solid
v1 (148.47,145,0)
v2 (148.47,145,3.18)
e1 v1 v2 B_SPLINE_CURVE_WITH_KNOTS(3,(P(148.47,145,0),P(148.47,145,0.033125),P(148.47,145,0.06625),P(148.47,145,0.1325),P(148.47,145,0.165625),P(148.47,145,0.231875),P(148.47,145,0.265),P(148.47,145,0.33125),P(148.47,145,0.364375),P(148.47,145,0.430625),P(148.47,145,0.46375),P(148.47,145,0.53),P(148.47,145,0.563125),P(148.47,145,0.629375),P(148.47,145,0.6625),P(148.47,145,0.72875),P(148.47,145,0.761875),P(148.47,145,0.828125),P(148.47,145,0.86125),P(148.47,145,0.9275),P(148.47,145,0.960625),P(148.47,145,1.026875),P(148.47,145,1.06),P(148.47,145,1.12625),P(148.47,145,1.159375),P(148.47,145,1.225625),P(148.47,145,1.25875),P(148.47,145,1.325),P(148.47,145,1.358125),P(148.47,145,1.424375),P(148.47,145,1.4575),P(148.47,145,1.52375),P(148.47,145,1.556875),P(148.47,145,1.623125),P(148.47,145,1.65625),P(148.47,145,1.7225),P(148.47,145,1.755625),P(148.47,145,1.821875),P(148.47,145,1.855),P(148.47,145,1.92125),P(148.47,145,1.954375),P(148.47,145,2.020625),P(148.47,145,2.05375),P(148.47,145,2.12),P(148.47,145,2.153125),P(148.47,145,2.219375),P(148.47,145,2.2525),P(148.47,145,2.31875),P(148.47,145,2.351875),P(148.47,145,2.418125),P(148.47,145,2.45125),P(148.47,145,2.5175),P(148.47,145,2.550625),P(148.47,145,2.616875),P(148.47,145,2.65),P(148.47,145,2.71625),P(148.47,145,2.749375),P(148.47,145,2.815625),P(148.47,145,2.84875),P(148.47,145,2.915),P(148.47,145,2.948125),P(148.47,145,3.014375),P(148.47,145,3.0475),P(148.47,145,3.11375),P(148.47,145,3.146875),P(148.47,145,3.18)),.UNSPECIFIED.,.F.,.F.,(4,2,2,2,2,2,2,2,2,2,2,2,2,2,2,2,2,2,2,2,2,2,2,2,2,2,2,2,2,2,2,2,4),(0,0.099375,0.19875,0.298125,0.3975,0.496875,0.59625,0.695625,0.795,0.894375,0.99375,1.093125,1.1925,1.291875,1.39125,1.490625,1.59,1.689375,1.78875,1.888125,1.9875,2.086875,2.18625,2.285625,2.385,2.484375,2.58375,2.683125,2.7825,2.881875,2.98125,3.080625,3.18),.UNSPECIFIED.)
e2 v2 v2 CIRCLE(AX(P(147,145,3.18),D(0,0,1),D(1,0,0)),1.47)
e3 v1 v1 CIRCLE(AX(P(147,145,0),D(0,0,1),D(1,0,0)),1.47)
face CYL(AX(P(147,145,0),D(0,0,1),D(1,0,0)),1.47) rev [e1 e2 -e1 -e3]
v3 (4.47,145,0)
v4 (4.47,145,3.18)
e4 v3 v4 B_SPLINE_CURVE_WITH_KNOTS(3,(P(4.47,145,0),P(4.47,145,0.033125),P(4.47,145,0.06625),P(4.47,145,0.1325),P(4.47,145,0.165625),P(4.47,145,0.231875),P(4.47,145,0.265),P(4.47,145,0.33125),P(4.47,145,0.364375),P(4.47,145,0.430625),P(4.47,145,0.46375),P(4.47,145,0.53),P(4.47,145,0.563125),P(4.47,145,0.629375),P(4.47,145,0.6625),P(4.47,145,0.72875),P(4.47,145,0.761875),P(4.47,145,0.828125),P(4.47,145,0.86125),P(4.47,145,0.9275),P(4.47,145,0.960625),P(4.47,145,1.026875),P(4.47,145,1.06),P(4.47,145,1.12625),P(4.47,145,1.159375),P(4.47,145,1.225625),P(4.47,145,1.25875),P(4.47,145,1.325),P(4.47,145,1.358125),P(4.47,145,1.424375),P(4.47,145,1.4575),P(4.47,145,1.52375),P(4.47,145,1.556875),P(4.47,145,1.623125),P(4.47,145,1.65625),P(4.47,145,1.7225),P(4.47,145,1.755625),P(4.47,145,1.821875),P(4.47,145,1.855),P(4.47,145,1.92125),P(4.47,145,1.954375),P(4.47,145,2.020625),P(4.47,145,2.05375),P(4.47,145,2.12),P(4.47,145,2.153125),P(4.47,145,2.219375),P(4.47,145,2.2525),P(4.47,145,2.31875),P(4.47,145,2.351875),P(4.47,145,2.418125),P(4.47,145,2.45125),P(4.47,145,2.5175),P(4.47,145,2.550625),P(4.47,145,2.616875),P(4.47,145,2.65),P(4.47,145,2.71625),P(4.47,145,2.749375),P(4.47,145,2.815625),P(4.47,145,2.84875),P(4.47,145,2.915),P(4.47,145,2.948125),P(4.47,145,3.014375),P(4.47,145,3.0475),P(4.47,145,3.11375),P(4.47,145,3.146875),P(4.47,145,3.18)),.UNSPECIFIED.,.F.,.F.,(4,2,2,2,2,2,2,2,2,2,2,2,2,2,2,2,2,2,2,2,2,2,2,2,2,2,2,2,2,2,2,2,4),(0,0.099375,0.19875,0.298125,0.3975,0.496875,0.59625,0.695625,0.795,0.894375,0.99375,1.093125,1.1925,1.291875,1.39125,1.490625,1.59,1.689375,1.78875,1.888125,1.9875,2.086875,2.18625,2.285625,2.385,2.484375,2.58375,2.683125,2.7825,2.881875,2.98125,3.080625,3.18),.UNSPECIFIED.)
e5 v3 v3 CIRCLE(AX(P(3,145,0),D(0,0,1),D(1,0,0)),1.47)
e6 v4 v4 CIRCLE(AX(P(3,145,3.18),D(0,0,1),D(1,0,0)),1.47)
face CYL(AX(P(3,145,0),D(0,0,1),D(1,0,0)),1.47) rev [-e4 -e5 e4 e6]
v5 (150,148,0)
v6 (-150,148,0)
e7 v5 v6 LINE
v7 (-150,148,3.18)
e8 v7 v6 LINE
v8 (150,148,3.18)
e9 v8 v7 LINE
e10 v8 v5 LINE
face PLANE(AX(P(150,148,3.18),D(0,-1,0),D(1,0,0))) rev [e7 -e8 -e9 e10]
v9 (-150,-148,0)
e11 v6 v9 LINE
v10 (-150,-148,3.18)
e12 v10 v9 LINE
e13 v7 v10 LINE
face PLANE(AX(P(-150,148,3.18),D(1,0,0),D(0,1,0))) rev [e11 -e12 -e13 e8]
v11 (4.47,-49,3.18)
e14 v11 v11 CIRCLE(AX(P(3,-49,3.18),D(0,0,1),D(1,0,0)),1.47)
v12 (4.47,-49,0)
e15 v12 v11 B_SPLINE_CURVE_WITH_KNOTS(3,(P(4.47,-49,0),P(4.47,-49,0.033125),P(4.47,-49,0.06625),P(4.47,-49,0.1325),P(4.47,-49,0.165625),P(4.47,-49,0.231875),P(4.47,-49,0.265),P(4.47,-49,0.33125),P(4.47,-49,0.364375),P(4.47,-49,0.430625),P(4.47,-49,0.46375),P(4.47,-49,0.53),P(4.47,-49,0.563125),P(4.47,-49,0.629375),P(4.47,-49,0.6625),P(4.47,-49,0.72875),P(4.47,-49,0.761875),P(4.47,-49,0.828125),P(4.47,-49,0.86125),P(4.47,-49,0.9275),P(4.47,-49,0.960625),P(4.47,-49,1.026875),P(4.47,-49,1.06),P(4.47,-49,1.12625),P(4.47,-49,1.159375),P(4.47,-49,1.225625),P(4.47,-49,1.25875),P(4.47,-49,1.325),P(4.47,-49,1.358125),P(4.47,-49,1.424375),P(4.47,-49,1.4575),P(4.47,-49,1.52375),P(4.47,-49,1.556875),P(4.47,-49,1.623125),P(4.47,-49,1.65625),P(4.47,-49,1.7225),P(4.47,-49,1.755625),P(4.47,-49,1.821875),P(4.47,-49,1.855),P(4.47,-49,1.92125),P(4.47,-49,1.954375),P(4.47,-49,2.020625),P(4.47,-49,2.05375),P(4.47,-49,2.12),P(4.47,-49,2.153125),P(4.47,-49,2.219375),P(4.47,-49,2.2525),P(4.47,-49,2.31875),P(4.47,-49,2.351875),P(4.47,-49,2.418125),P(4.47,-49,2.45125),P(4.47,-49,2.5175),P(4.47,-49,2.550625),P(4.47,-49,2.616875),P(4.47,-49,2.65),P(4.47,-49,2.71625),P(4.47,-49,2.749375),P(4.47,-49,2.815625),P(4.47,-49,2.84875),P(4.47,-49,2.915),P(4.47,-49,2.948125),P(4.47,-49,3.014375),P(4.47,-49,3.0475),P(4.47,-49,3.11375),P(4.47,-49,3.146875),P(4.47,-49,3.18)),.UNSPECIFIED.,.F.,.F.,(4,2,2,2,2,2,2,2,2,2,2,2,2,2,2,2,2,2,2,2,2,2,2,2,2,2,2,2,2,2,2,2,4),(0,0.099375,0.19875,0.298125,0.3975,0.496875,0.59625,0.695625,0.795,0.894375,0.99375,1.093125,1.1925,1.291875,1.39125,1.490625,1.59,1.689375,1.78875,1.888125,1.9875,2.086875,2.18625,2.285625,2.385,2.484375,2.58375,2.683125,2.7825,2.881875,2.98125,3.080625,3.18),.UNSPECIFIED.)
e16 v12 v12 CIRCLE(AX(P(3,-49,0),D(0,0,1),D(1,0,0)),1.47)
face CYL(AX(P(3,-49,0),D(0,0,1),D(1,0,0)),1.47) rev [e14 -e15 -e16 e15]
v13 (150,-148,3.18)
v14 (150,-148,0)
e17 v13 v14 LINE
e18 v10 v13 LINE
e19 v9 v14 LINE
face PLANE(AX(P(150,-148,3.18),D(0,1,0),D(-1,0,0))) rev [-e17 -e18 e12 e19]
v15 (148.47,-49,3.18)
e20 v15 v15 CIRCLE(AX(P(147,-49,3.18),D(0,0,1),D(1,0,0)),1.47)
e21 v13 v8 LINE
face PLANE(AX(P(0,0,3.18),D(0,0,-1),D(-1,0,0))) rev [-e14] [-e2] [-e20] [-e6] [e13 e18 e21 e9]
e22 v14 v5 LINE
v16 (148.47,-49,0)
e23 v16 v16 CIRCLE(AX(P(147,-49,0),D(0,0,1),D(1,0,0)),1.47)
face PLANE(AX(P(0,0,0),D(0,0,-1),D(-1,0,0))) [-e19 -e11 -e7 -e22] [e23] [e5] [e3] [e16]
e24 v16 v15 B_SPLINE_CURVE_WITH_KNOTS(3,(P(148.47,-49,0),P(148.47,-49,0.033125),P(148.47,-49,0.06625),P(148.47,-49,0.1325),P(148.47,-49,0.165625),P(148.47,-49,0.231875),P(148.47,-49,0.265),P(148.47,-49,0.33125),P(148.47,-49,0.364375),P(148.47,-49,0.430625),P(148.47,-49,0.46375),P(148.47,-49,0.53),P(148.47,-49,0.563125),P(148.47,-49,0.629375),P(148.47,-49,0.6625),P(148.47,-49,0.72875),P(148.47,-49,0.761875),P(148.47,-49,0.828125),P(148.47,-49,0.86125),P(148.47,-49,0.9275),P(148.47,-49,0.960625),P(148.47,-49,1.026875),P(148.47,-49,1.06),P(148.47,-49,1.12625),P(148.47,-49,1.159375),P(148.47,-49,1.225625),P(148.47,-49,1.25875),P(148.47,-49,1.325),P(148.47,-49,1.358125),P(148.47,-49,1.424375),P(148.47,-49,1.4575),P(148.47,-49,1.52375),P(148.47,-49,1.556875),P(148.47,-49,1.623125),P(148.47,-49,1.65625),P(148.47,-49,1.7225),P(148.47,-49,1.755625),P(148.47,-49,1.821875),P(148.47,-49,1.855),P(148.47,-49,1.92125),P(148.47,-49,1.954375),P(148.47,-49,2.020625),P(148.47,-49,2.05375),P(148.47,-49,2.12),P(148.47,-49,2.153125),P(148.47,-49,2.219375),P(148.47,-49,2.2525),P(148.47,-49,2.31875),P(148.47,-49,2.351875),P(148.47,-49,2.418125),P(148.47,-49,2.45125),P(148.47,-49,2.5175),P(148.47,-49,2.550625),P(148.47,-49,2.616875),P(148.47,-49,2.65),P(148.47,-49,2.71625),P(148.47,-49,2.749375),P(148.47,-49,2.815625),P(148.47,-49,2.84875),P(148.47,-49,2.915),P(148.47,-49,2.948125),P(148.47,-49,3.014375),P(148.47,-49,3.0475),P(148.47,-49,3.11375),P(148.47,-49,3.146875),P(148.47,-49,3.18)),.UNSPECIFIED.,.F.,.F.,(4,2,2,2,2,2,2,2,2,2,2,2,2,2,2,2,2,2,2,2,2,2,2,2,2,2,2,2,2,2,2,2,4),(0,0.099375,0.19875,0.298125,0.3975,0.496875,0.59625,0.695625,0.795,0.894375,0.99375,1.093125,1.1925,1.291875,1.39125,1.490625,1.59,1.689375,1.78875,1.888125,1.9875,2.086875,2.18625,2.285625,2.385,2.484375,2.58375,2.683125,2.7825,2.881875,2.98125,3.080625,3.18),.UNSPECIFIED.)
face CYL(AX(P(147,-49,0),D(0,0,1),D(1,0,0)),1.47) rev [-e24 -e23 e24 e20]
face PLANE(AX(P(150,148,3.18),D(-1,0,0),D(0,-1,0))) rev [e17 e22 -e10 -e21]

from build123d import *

# Parameters (mm, degrees)
SKETCH1_W           = 300
SKETCH1_H           = 296
BOSS_EXTRUDE1_DEPTH = 3.18
SKETCH2_R           = 1.47
CUT_EXTRUDE1_DEPTH  = 3.18


with BuildPart() as part:
    # Sketch1 → Boss-Extrude1 (new body)
    with BuildSketch(Plane.XY):
        Rectangle(SKETCH1_W, SKETCH1_H)
    extrude(amount=BOSS_EXTRUDE1_DEPTH)

    # Sketch2 → Cut-Extrude1 (cut)
    with BuildSketch(Plane.XY.offset(3.18)):
        with Locations((147, 145)):
            Circle(SKETCH2_R)
        with Locations((147, -49)):
            Circle(SKETCH2_R)
        with Locations((3, -49)):
            Circle(SKETCH2_R)
        with Locations((3, 145)):
            Circle(SKETCH2_R)
    extrude(amount=-CUT_EXTRUDE1_DEPTH, mode=Mode.SUBTRACT)


solid = part.part
